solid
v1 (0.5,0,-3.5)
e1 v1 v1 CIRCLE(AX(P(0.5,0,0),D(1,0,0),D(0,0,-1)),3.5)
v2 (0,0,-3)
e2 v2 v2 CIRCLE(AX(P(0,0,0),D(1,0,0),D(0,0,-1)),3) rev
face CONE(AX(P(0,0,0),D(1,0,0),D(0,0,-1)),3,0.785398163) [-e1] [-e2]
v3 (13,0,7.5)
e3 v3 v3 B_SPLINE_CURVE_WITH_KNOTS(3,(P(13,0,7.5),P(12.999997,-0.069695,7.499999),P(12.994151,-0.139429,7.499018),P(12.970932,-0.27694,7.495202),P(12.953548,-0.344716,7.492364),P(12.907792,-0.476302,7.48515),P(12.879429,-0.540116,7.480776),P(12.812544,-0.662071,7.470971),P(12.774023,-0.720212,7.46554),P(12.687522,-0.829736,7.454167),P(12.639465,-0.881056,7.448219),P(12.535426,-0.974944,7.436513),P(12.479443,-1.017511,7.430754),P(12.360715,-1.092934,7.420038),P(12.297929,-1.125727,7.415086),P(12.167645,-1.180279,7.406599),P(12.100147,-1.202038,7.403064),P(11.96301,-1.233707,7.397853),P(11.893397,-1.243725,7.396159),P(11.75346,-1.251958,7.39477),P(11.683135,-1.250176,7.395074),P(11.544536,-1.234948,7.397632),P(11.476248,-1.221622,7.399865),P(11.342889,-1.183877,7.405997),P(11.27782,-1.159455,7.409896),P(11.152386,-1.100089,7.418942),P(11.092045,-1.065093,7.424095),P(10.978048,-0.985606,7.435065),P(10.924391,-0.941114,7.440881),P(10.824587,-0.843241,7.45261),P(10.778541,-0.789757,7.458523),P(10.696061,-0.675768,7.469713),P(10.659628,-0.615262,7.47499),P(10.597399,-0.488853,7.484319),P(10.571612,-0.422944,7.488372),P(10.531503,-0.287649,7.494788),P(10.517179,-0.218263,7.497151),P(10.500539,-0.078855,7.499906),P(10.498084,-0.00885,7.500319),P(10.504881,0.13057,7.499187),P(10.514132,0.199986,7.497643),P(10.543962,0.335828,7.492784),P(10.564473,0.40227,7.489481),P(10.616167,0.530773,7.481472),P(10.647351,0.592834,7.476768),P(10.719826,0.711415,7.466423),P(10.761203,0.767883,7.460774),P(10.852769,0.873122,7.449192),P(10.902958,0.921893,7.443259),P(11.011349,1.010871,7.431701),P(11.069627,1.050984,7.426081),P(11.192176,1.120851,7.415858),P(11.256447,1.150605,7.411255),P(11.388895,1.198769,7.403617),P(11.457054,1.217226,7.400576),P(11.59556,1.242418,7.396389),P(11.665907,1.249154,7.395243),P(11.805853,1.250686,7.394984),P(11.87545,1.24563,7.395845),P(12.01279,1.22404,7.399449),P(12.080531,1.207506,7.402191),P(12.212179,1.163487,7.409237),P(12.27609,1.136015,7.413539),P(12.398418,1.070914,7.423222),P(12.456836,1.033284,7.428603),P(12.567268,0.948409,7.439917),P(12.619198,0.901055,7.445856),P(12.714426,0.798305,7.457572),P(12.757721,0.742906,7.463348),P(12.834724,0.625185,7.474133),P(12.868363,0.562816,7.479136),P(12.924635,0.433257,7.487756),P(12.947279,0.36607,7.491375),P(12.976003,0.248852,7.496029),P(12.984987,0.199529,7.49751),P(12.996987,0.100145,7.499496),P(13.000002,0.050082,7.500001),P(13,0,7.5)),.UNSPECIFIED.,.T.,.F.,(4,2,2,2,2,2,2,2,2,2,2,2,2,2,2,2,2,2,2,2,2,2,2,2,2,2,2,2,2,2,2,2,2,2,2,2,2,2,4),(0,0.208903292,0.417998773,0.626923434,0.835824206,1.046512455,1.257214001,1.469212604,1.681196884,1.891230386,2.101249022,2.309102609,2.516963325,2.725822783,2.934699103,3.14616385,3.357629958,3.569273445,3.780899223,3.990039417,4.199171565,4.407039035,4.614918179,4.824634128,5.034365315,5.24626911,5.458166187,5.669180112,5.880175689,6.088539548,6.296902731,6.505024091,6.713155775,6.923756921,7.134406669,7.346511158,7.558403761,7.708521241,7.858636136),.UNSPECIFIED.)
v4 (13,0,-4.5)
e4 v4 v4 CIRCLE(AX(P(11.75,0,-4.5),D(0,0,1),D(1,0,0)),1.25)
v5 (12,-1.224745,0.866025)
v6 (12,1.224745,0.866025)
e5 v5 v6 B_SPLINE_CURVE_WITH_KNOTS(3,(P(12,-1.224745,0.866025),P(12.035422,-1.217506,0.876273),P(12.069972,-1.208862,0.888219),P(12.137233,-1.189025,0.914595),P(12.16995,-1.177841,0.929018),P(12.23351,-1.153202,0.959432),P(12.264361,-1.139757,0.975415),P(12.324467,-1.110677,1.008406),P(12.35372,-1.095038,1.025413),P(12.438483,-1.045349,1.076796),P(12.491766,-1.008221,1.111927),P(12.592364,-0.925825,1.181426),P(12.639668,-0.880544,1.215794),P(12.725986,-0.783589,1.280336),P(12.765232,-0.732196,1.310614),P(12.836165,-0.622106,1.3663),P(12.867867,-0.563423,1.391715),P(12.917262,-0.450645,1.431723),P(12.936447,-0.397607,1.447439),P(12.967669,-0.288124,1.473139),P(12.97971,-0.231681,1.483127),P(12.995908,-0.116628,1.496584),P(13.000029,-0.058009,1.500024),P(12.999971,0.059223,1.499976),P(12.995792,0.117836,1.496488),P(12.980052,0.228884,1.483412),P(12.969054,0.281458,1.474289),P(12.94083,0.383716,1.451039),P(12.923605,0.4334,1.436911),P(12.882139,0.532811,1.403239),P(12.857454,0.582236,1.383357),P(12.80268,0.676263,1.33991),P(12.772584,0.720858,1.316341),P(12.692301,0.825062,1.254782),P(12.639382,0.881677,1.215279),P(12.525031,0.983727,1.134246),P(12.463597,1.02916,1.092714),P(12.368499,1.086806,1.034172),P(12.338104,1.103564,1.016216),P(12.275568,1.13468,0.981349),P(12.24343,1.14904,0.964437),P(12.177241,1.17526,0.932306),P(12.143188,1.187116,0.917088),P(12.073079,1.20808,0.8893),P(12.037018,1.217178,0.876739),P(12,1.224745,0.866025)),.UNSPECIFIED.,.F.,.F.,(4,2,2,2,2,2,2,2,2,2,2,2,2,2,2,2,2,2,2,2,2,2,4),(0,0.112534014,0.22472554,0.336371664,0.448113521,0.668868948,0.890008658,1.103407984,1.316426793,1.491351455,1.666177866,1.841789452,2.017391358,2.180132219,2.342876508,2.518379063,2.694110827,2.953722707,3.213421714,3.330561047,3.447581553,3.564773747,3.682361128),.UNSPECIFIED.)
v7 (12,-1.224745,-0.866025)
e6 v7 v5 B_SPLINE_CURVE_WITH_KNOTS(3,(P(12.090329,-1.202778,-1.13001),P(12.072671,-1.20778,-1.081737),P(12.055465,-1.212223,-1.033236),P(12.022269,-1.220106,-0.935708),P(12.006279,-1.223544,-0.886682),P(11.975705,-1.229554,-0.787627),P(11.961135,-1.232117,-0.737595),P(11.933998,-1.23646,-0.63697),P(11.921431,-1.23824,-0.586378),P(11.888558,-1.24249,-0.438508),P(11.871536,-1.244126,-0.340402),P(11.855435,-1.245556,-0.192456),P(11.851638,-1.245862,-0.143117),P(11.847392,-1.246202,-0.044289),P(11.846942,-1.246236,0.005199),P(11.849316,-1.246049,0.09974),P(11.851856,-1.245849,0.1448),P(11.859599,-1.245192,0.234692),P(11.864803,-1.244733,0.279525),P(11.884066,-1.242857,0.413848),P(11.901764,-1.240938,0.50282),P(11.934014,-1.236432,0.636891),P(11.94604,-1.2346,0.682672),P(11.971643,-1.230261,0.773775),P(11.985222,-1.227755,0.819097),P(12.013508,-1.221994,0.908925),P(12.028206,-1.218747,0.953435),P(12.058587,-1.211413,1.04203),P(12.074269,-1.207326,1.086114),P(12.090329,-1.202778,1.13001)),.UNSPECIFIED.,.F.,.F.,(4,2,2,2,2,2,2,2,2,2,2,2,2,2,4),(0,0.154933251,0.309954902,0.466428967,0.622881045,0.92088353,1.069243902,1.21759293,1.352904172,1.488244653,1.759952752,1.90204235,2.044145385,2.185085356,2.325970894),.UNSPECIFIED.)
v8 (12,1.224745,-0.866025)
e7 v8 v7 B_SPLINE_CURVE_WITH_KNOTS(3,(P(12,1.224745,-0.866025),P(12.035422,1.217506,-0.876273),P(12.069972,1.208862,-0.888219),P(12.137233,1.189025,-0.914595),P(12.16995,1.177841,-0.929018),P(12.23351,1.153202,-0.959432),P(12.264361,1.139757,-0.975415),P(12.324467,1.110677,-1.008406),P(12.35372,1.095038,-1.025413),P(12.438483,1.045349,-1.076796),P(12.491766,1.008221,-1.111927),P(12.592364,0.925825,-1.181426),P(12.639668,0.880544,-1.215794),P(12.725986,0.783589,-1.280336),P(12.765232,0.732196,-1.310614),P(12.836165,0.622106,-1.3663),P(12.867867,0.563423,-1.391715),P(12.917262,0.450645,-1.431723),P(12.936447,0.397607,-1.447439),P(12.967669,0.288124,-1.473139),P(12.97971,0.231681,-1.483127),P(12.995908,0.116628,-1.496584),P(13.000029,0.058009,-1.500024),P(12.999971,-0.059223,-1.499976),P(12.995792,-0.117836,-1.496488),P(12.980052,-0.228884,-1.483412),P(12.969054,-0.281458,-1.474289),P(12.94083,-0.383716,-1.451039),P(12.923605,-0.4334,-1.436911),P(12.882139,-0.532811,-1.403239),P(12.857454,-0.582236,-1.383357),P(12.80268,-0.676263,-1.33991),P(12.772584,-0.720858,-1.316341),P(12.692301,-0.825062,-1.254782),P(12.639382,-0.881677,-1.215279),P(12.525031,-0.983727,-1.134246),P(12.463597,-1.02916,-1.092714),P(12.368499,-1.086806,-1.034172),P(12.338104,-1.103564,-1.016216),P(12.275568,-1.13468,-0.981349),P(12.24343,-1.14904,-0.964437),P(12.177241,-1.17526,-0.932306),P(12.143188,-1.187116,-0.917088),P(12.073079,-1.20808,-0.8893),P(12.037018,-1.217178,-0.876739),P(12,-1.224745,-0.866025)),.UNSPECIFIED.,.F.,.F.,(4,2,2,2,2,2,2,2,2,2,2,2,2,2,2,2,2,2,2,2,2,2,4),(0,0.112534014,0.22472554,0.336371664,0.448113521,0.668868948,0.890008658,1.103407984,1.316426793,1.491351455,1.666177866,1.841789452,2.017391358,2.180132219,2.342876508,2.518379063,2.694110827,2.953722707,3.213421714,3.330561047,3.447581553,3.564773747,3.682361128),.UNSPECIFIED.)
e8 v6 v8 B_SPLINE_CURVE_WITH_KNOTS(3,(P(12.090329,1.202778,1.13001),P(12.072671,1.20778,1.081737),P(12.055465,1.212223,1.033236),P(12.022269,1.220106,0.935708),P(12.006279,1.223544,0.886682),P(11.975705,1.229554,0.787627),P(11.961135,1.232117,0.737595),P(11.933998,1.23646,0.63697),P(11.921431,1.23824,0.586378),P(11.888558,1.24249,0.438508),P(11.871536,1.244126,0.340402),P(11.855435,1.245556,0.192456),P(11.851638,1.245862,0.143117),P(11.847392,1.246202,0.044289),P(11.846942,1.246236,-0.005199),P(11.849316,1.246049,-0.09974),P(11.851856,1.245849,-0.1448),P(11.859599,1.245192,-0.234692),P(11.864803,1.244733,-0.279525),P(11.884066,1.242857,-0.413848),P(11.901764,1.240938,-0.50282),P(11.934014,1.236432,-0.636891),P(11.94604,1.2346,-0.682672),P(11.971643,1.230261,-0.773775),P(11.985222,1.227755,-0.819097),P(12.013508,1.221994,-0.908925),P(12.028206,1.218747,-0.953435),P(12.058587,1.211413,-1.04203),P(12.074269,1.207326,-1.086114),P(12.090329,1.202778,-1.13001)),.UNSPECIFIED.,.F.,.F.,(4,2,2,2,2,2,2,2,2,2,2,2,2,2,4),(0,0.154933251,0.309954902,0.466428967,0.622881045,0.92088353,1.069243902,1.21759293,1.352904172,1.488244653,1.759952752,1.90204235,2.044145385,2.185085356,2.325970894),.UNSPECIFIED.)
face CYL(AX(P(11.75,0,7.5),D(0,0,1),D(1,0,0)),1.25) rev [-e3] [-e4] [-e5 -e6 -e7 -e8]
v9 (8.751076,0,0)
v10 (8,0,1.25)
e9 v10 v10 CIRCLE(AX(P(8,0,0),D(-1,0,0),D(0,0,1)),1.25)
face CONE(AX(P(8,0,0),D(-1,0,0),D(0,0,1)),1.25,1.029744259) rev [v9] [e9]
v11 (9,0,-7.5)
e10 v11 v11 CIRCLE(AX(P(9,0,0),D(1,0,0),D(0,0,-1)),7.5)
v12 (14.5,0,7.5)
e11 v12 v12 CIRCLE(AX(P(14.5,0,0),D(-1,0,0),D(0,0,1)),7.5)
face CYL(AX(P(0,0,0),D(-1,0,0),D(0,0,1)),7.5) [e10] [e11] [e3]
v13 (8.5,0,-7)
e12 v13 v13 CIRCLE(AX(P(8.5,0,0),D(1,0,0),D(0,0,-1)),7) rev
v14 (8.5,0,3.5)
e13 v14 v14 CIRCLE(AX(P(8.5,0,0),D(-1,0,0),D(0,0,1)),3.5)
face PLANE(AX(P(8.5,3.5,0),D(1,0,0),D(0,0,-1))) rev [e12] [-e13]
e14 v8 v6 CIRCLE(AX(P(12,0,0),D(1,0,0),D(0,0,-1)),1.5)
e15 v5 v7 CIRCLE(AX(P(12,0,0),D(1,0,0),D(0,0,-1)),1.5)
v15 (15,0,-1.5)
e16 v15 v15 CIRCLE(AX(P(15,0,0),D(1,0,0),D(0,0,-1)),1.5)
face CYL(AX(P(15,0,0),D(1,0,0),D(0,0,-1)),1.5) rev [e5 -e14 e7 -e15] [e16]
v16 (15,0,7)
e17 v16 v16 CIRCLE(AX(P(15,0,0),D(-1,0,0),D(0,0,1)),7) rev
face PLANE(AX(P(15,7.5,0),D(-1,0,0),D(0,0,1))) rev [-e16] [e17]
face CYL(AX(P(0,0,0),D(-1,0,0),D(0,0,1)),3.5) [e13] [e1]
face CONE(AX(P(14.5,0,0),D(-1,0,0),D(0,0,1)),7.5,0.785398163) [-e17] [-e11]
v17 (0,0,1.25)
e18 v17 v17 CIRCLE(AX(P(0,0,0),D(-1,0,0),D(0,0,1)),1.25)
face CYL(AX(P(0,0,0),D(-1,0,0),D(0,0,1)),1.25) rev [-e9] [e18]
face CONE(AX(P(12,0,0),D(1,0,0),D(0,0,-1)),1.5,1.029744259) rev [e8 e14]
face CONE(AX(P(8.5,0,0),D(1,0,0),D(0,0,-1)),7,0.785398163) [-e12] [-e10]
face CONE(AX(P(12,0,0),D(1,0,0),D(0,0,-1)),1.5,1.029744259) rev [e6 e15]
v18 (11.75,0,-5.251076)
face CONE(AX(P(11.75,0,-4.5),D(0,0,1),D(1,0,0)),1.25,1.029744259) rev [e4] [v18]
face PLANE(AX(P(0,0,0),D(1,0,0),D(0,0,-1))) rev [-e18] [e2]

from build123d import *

# Parameters (mm, degrees)
M3_TAPPED_HOLE1_D            = 2.5
M3_TAPPED_HOLE1_DEPTH        = 8
M3_TAPPED_HOLE1_TIP          = 0.751075774
F_3_0_3_DIAMETER_HOLE1_D     = 3
F_3_0_3_DIAMETER_HOLE1_DEPTH = 3
F_3_0_3_DIAMETER_HOLE1_TIP   = 0.901290929
M3_TAPPED_HOLE2_D            = 2.5
M3_TAPPED_HOLE2_DEPTH        = 12
M3_TAPPED_HOLE2_TIP          = 0.751075774
CHAMFER1_SIZE                = 0.5


with BuildPart() as part:
    # Sketch1 → Revolve1 (revolve)
    with BuildSketch(Plane.XY):
        Polygon((0, 0), (0, 3.5), (8.5, 3.5), (8.5, 7.5), (15, 7.5), (15, 0), align=None)
    revolve(axis=Axis((0, 0, 0), (1, 0, 0)))

    # M3 Tapped Hole1
    with Locations(Plane.ZY):
        with Locations((0, 0)):
            Hole(M3_TAPPED_HOLE1_D / 2, depth=M3_TAPPED_HOLE1_DEPTH)
            with Locations((0, 0, -(M3_TAPPED_HOLE1_DEPTH + M3_TAPPED_HOLE1_TIP / 2))):  # 118° drill point
                Cone(0, M3_TAPPED_HOLE1_D / 2, M3_TAPPED_HOLE1_TIP, mode=Mode.SUBTRACT)

    # Ø3.0 (3) Diameter Hole1
    with Locations(Plane(origin=(15, 0, 0), x_dir=(0, 0, -1), z_dir=(1, 0, 0))):
        with Locations((0, 0)):
            Hole(F_3_0_3_DIAMETER_HOLE1_D / 2, depth=F_3_0_3_DIAMETER_HOLE1_DEPTH)
            with Locations((0, 0, -(F_3_0_3_DIAMETER_HOLE1_DEPTH + F_3_0_3_DIAMETER_HOLE1_TIP / 2))):  # 118° drill point
                Cone(0, F_3_0_3_DIAMETER_HOLE1_D / 2, F_3_0_3_DIAMETER_HOLE1_TIP, mode=Mode.SUBTRACT)

    # M3 Tapped Hole2
    with Locations(Plane.XY.offset(7.5)):
        with Locations((11.75, 0)):
            Hole(M3_TAPPED_HOLE2_D / 2, depth=M3_TAPPED_HOLE2_DEPTH)
            with Locations((0, 0, -(M3_TAPPED_HOLE2_DEPTH + M3_TAPPED_HOLE2_TIP / 2))):  # 118° drill point
                Cone(0, M3_TAPPED_HOLE2_D / 2, M3_TAPPED_HOLE2_TIP, mode=Mode.SUBTRACT)

    # Chamfer1
    chamfer1_edges = [part.edges().sort_by_distance(p)[0] for p in [
        (15, -7.5, 0),
        (8.5, -7.5, 0),
        (0, -3.5, 0),
    ]]
    chamfer(chamfer1_edges, length=CHAMFER1_SIZE)


solid = part.part
